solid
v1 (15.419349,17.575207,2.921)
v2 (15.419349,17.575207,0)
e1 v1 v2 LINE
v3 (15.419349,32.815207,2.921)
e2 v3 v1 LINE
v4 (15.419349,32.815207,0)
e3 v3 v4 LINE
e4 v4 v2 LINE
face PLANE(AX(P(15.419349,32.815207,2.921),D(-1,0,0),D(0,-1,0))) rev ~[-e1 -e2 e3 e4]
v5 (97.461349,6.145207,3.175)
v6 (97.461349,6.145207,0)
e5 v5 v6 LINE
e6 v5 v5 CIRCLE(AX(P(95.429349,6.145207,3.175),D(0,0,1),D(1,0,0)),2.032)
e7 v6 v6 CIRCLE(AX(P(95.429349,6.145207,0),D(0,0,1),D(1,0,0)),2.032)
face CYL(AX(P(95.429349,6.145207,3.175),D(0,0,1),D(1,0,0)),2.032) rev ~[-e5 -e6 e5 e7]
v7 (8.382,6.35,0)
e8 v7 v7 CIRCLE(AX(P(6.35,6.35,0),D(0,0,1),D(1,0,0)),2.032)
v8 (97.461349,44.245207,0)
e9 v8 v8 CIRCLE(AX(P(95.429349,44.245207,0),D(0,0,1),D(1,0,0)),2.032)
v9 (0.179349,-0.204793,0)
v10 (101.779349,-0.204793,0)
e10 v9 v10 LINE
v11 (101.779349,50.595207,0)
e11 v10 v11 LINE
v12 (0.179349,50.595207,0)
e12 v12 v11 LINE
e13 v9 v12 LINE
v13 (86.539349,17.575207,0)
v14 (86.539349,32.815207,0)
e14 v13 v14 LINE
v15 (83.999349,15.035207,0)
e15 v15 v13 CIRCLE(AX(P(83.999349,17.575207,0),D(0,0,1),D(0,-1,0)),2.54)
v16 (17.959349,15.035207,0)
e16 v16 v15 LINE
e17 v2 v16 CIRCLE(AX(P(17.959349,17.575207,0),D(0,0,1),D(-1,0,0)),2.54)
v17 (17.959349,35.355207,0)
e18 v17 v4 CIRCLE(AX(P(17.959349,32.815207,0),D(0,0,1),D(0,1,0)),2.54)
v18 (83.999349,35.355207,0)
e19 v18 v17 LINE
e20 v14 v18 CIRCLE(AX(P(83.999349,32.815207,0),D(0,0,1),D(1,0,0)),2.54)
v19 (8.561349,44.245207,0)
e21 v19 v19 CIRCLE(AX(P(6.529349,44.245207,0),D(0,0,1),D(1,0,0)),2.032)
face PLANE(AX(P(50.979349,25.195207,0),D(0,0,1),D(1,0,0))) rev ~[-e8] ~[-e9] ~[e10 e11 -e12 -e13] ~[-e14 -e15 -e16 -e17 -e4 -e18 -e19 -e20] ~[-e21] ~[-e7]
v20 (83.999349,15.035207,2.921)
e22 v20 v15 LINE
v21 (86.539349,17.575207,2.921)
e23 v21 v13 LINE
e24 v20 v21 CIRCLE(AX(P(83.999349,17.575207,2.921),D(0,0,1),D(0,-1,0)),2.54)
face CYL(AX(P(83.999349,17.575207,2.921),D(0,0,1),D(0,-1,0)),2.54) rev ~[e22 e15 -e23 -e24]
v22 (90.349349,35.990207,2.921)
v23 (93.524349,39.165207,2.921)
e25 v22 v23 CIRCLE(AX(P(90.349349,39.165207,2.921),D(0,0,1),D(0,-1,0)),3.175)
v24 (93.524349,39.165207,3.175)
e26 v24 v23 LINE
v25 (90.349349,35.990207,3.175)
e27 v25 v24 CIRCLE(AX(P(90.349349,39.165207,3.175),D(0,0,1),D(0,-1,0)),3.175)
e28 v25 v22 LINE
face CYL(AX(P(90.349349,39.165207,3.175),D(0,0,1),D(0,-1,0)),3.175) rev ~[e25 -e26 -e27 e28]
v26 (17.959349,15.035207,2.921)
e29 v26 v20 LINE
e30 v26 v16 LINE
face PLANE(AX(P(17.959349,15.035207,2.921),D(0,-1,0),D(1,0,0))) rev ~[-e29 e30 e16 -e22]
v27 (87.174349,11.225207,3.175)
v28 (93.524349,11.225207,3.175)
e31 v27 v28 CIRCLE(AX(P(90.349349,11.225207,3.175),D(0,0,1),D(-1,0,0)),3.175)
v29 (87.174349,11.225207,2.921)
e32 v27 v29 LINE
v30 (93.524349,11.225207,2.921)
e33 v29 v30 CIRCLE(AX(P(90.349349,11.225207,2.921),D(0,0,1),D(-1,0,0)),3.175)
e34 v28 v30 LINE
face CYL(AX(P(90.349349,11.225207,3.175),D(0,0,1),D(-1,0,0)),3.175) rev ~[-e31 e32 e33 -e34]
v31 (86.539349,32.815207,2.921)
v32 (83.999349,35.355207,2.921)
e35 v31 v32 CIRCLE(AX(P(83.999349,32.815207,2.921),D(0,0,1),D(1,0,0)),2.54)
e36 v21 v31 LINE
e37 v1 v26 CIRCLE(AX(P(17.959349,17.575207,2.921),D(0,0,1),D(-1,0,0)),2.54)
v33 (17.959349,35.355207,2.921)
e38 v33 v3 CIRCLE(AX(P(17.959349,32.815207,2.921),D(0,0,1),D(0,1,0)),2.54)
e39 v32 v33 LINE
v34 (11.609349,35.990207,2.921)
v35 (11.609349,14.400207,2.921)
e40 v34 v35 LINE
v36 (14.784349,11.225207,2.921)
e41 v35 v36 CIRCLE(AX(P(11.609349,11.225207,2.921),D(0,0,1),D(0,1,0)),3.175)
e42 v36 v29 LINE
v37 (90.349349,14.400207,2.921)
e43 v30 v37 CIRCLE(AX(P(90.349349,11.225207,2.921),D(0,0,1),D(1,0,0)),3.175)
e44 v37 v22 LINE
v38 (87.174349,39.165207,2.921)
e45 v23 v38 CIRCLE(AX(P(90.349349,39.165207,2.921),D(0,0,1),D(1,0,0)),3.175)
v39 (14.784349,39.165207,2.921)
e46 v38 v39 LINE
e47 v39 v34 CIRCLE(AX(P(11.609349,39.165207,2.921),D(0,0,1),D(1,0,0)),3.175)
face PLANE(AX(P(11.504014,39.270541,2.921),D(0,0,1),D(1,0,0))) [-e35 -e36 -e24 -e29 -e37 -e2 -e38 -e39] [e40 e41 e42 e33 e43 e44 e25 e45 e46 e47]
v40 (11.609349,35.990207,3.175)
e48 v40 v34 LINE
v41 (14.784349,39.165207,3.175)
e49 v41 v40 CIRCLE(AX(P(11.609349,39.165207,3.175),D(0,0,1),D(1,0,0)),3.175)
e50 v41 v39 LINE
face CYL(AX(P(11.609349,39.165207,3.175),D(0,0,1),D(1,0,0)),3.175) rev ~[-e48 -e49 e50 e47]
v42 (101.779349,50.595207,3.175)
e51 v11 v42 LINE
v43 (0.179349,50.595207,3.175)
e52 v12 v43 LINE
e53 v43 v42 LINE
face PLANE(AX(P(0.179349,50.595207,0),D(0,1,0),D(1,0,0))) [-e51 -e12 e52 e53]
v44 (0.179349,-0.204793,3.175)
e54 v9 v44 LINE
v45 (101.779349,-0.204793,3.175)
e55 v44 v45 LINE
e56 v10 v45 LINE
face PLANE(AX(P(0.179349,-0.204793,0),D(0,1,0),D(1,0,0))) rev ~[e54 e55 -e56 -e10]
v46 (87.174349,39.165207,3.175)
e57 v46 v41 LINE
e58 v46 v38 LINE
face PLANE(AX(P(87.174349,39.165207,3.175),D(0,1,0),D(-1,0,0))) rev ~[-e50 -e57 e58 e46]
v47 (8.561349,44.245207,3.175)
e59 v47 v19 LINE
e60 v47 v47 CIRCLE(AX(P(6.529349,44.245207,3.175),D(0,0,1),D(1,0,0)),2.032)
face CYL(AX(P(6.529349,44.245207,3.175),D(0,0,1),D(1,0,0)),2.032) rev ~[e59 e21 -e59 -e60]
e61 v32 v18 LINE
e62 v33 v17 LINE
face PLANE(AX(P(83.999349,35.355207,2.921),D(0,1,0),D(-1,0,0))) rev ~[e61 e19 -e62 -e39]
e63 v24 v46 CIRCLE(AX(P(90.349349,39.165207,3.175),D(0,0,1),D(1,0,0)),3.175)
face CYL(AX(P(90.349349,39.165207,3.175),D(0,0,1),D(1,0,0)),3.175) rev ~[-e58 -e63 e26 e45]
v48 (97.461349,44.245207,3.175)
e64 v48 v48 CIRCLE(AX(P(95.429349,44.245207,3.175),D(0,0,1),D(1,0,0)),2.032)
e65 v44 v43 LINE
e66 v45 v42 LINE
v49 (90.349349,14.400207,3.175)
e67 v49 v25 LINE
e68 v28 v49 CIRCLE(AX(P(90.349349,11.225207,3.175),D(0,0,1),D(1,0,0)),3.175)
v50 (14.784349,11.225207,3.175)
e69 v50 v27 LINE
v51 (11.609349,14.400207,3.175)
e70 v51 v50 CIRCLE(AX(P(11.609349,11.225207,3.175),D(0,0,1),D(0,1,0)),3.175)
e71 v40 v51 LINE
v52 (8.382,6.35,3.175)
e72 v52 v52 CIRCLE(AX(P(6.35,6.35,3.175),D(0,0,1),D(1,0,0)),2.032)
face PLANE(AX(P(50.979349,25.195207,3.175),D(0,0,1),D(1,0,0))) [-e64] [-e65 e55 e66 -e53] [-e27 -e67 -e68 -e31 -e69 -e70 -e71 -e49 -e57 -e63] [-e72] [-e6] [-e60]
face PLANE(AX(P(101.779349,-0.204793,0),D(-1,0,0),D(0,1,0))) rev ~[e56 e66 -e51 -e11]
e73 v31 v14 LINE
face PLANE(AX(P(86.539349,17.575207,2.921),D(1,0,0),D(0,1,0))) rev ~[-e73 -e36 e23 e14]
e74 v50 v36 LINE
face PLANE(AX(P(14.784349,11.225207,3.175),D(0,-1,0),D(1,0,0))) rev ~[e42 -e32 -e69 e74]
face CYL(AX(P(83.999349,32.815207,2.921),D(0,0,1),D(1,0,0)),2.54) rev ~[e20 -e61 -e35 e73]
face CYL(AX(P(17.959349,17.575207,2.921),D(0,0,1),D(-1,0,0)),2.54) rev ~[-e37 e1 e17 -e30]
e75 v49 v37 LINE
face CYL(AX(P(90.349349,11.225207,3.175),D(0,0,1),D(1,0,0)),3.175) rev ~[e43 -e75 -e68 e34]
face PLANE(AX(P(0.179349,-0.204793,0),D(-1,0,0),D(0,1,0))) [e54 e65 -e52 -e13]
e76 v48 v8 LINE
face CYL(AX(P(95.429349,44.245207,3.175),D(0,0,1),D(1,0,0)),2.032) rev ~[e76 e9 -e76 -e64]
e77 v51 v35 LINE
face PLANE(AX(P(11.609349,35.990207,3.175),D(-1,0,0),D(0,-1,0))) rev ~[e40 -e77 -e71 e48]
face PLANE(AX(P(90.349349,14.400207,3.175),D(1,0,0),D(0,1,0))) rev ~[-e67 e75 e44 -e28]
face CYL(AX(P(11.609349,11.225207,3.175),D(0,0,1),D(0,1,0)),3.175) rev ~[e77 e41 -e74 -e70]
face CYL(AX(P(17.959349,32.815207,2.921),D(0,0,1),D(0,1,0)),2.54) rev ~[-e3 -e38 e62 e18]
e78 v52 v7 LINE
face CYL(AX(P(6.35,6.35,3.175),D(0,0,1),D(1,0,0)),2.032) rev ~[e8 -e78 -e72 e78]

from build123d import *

# Parameters (mm, degrees)
F0_W          = 101.6
F0_H          = 50.8
F1_DEPTH      = 3.175
F3_DEPTH      = 0.254
F5_DEPTH      = 25.4
F5_DEPTH_BACK = 25.4
F6_R          = 2.032
F7_DEPTH      = 25.4
F7_DEPTH_BACK = 25.4


with BuildPart() as f1:
    # F0 (on Top) → F1 (new body)
    with BuildSketch(Plane.XY):
        with Locations((50.9793485571, 25.1952067787)):
            Rectangle(F0_W, F0_H)
    extrude(amount=F1_DEPTH)

    # F2 (on face) → F3 (cut)
    with BuildSketch(Plane.XY.offset(3.175)):
        with BuildLine():
            Line((11.6093485571, 35.9902067787), (11.6093485571, 39.1652067787))
            Line((11.6093485571, 39.1652067787), (14.7843485571, 39.1652067787))
            ThreePointArc((14.7843485571, 39.1652067787), (9.3642845268, 41.4102708089), (11.6093485571, 35.9902067787))
        make_face()
        with BuildLine():
            Line((14.7843485571, 39.1652067787), (11.6093485571, 39.1652067787))
            Line((11.6093485571, 39.1652067787), (11.6093485571, 35.9902067787))
            ThreePointArc((11.6093485571, 35.9902067787), (13.8544125874, 36.9201427484), (14.7843485571, 39.1652067787))
        make_face()
        with BuildLine():
            ThreePointArc((14.7843485571, 11.2252067787), (13.8544125874, 13.4702708089), (11.6093485571, 14.4002067787))
            Line((11.6093485571, 14.4002067787), (11.6093485571, 11.2252067787))
            Line((11.6093485571, 11.2252067787), (14.7843485571, 11.2252067787))
        make_face()
        with BuildLine():
            Line((11.6093485571, 11.2252067787), (11.6093485571, 14.4002067787))
            ThreePointArc((11.6093485571, 14.4002067787), (9.3642845268, 8.9801427484), (14.7843485571, 11.2252067787))
            Line((14.7843485571, 11.2252067787), (11.6093485571, 11.2252067787))
        make_face()
        with BuildLine():
            Line((90.3493485571, 11.2252067787), (90.3493485571, 14.4002067787))
            ThreePointArc((90.3493485571, 14.4002067787), (88.1042845268, 13.4702708089), (87.1743485571, 11.2252067787))
            Line((87.1743485571, 11.2252067787), (90.3493485571, 11.2252067787))
        make_face()
        with BuildLine():
            ThreePointArc((93.5243485571, 11.2252067787), (92.5944125874, 13.4702708089), (90.3493485571, 14.4002067787))
            Line((90.3493485571, 14.4002067787), (90.3493485571, 11.2252067787))
            Line((90.3493485571, 11.2252067787), (87.1743485571, 11.2252067787))
            ThreePointArc((87.1743485571, 11.2252067787), (90.3493485571, 8.0502067787), (93.5243485571, 11.2252067787))
        make_face()
        with BuildLine():
            ThreePointArc((93.5243485571, 39.1652067787), (90.3493485571, 42.3402067787), (87.1743485571, 39.1652067787))
            Line((87.1743485571, 39.1652067787), (90.3493485571, 39.1652067787))
            Line((90.3493485571, 39.1652067787), (90.3493485571, 35.9902067787))
            ThreePointArc((90.3493485571, 35.9902067787), (92.5944125874, 36.9201427484), (93.5243485571, 39.1652067787))
        make_face()
        with BuildLine():
            Line((90.3493485571, 39.1652067787), (87.1743485571, 39.1652067787))
            ThreePointArc((87.1743485571, 39.1652067787), (88.1042845268, 36.9201427484), (90.3493485571, 35.9902067787))
            Line((90.3493485571, 35.9902067787), (90.3493485571, 39.1652067787))
        make_face()
        with BuildLine():
            Line((87.1743485571, 39.1652067787), (14.7843485571, 39.1652067787))
            ThreePointArc((14.7843485571, 39.1652067787), (13.8544125874, 36.9201427484), (11.6093485571, 35.9902067787))
            Line((11.6093485571, 35.9902067787), (11.6093485571, 14.4002067787))
            ThreePointArc((11.6093485571, 14.4002067787), (13.8544125874, 13.4702708089), (14.7843485571, 11.2252067787))
            Line((14.7843485571, 11.2252067787), (87.1743485571, 11.2252067787))
            ThreePointArc((87.1743485571, 11.2252067787), (88.1042845268, 13.4702708089), (90.3493485571, 14.4002067787))
            Line((90.3493485571, 14.4002067787), (90.3493485571, 35.9902067787))
            ThreePointArc((90.3493485571, 35.9902067787), (88.1042845268, 36.9201427484), (87.1743485571, 39.1652067787))
        make_face()
    extrude(amount=-F3_DEPTH, mode=Mode.SUBTRACT)

    # F4 (on face) → F5 (cut, two sides)
    with BuildSketch(Plane.XY.offset(2.921)) as f5_sk:
        with BuildLine():
            ThreePointArc((15.4193485571, 17.5752067787), (16.1632973329, 15.7791555545), (17.9593485571, 15.0352067787))
            Line((17.9593485571, 15.0352067787), (83.9993485571, 15.0352067787))
            ThreePointArc((83.9993485571, 15.0352067787), (85.7953997813, 15.7791555545), (86.5393485571, 17.5752067787))
            Line((86.5393485571, 17.5752067787), (86.5393485571, 32.8152067787))
            ThreePointArc((86.5393485571, 32.8152067787), (85.7953997813, 34.6112580029), (83.9993485571, 35.3552067787))
            Line((83.9993485571, 35.3552067787), (17.9593485571, 35.3552067787))
            ThreePointArc((17.9593485571, 35.3552067787), (16.1632973329, 34.6112580029), (15.4193485571, 32.8152067787))
            Line((15.4193485571, 32.8152067787), (15.4193485571, 17.5752067787))
        make_face()
    extrude(amount=-F5_DEPTH, mode=Mode.SUBTRACT)
    extrude(f5_sk.sketch, amount=F5_DEPTH_BACK, mode=Mode.SUBTRACT)

    # F6 (on face) → F7 (cut, two sides)
    with BuildSketch(Plane.XY.offset(3.175)) as f7_sk:
        with Locations((6.5293485571, 44.2452067787)):
            Circle(F6_R)
        with Locations((95.4293485571, 44.2452067787)):
            Circle(F6_R)
        with Locations((95.4293485571, 6.1452067787)):
            Circle(F6_R)
        with Locations((6.35, 6.35)):
            Circle(F6_R)
    extrude(amount=-F7_DEPTH, mode=Mode.SUBTRACT)
    extrude(f7_sk.sketch, amount=F7_DEPTH_BACK, mode=Mode.SUBTRACT)


solid = f1.part
